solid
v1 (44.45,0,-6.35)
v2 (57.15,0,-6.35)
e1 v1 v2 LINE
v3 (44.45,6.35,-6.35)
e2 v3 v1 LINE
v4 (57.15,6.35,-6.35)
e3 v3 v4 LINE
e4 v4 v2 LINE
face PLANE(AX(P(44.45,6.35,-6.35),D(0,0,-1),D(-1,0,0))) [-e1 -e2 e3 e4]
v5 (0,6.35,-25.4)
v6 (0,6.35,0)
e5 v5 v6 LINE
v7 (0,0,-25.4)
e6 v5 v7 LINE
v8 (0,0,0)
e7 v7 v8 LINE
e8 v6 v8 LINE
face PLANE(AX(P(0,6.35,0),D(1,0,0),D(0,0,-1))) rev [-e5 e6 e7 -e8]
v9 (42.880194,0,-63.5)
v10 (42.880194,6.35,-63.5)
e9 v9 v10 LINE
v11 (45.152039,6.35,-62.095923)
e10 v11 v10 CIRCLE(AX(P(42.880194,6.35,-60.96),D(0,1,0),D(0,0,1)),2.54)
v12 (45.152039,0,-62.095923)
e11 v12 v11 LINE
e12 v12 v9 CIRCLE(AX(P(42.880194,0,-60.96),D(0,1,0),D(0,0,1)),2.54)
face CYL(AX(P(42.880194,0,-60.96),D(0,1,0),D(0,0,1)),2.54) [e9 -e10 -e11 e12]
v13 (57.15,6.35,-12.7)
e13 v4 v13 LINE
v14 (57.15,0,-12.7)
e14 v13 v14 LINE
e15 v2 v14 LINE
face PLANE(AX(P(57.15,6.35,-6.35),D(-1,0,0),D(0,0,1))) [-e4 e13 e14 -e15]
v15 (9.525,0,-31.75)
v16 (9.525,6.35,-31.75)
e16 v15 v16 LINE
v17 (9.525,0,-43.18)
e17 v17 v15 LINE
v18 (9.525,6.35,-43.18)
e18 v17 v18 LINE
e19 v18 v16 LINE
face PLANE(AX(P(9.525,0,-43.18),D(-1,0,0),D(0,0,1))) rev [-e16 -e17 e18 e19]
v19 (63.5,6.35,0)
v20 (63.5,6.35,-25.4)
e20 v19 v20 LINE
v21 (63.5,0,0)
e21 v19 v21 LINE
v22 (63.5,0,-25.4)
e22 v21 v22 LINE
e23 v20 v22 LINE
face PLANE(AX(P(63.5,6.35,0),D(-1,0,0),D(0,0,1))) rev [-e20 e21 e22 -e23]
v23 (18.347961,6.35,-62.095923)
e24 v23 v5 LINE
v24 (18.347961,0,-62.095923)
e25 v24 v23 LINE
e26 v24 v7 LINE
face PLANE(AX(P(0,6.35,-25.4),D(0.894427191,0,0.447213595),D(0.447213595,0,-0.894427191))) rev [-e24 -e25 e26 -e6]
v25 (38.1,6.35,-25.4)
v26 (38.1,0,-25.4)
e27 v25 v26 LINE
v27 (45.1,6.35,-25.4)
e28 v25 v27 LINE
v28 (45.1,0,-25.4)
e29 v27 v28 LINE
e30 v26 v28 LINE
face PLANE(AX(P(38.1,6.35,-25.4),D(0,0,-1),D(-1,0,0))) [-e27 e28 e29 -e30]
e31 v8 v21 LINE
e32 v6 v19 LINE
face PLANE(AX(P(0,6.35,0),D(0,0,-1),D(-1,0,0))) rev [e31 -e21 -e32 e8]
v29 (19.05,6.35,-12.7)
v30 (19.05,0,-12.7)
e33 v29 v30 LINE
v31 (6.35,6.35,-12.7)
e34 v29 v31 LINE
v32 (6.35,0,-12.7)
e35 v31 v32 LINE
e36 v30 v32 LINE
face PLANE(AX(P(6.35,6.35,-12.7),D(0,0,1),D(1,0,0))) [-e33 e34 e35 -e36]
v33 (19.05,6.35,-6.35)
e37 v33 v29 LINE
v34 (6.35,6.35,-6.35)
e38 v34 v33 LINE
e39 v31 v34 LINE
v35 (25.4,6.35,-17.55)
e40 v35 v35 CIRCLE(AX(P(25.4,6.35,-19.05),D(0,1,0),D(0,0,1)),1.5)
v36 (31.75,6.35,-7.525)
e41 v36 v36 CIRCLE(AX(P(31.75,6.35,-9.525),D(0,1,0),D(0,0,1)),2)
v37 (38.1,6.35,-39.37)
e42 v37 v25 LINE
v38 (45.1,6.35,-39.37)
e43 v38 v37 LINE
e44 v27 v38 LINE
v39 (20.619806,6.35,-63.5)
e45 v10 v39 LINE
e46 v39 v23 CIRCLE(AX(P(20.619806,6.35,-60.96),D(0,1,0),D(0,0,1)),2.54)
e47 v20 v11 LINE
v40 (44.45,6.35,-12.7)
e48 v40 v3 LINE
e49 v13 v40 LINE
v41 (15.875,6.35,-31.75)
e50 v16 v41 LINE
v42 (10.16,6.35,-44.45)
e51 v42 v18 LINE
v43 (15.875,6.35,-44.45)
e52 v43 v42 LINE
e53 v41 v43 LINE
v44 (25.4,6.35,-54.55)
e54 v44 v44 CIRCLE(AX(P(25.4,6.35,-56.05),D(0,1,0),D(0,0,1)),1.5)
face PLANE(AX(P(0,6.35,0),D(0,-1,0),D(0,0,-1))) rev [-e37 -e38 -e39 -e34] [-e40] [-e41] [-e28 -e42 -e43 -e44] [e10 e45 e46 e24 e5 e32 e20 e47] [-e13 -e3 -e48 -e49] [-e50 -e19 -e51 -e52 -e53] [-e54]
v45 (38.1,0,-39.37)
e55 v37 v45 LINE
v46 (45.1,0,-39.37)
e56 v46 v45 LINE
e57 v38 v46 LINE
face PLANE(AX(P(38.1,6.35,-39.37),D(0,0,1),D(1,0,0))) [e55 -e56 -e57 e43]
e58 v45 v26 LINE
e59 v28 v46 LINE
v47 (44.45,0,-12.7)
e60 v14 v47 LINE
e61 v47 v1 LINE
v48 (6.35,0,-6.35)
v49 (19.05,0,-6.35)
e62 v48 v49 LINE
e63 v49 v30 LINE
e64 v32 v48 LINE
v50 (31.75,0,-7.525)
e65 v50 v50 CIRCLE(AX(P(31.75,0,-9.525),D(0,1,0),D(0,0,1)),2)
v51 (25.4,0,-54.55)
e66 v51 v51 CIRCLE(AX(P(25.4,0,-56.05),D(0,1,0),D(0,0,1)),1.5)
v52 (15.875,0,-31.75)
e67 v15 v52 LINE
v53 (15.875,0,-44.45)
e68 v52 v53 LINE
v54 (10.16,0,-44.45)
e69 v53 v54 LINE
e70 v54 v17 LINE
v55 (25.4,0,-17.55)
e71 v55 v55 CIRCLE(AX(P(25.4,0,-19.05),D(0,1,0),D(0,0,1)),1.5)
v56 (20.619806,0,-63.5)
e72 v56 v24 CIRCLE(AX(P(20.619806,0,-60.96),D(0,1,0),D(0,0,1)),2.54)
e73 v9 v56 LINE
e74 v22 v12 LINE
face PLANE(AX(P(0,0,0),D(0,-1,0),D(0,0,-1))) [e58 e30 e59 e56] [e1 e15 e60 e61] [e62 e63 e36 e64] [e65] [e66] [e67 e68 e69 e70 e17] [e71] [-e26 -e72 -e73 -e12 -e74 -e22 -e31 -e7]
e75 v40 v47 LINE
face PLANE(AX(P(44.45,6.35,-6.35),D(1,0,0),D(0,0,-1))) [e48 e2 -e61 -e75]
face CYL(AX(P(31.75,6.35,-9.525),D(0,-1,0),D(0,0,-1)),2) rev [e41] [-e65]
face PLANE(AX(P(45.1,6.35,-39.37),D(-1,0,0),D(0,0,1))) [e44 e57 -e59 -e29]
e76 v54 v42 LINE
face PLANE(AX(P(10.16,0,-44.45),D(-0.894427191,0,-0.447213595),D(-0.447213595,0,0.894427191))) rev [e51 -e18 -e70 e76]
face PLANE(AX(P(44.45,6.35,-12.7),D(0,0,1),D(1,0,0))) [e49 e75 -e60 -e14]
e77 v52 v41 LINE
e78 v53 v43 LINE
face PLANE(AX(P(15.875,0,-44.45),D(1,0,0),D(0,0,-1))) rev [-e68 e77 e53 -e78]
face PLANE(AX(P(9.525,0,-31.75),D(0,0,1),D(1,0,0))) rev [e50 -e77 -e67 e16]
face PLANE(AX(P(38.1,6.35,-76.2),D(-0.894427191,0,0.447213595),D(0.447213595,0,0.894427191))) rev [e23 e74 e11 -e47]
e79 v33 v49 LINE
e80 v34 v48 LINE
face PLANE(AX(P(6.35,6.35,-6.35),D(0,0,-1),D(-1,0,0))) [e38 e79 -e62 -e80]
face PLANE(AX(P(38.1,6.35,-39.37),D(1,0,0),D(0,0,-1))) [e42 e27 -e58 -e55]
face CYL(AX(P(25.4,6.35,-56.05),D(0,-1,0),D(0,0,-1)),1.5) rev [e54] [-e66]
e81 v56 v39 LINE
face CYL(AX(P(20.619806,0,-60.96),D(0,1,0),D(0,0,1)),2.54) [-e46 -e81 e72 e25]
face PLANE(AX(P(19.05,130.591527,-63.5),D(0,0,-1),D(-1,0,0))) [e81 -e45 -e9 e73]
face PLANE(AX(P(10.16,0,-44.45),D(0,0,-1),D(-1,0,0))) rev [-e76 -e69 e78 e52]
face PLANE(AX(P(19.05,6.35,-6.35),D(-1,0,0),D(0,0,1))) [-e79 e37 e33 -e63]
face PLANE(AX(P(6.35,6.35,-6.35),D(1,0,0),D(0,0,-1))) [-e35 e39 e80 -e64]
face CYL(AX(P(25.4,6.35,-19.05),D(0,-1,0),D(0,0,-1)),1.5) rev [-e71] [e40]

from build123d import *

# Parameters (mm, degrees)
SKETCH2_R               = 2
SKETCH2_R_2             = 1.5
SKETCH2_W               = 12.7
SKETCH2_H               = 6.35
SKETCH2_W_2             = 7
SKETCH2_H_2             = 13.97
BOSS_EXTRUDE1_DEPTH     = 6.35
CUT_EXTRUDE7_DEPTH      = 6.35
CUT_EXTRUDE8_DEPTH      = 1
CUT_EXTRUDE8_DEPTH_BACK = 6.35
CUT_EXTRUDE_THIN1_DEPTH = 6.35


with BuildPart() as part:
    # Sketch2 → Boss-Extrude1 (new body)
    with BuildSketch(Plane(origin=(0, 0, 0), x_dir=(1, 0, 0), z_dir=(0, 1, 0))):
        Polygon((0, 25.4), (25.4, 76.2), (38.1, 76.2), (63.5, 25.4), (63.5, 0), (0, 0), align=None)
        with Locations((31.75, 9.525)):
            Circle(SKETCH2_R, mode=Mode.SUBTRACT)
        with Locations((25.4, 19.05)):
            Circle(SKETCH2_R_2, mode=Mode.SUBTRACT)
        with Locations((25.4, 56.05)):
            Circle(SKETCH2_R_2, mode=Mode.SUBTRACT)
        with Locations((12.7, 9.525)):
            Rectangle(SKETCH2_W, SKETCH2_H, mode=Mode.SUBTRACT)
        with Locations((50.8, 9.525)):
            Rectangle(SKETCH2_W, SKETCH2_H, mode=Mode.SUBTRACT)
        with Locations((41.6, 32.385)):
            Rectangle(SKETCH2_W_2, SKETCH2_H_2, mode=Mode.SUBTRACT)
    extrude(amount=BOSS_EXTRUDE1_DEPTH)

    # Sketch3 → Cut-Extrude7 (cut)
    with BuildSketch(Plane(origin=(0, 6.35, 0), x_dir=(1, 0, 0), z_dir=(0, 1, 0))):
        Polygon((10.16, 44.45), (15.875, 44.45), (15.875, 31.75), (9.525, 31.75), (9.525, 43.18), align=None)
    extrude(amount=-CUT_EXTRUDE7_DEPTH, mode=Mode.SUBTRACT)

    # Sketch4 → Cut-Extrude8 (cut, two sides)
    with BuildSketch(Plane(origin=(0, 6.35, 0), x_dir=(1, 0, 0), z_dir=(0, 1, 0))) as cut_extrude8_sk:
        Polygon((-145.97325632, 63.5), (19.05, 63.5), (44.45, 63.5), (209.47325632, 63.5), (209.47325632, 393.54651264), (-145.97325632, 393.54651264), align=None)
    extrude(amount=CUT_EXTRUDE8_DEPTH, mode=Mode.SUBTRACT)
    extrude(cut_extrude8_sk.sketch, amount=-CUT_EXTRUDE8_DEPTH_BACK, mode=Mode.SUBTRACT)

    # Sketch5 → Cut-Extrude-Thin1 (cut)
    with BuildSketch(Plane(origin=(0, 6.35, 0), x_dir=(1, 0, 0), z_dir=(0, 1, 0))):
        with BuildLine():
            ThreePointArc((45.152038734, 62.095922533), (44.215550693, 63.120653053), (42.880193669, 63.5))
            Line((42.880193669, 63.5), (42.880193669, 66.04))
            ThreePointArc((42.880193669, 66.04), (45.550907718, 65.281306106), (47.423883799, 63.231845065))
            Line((47.423883799, 63.231845065), (45.152038734, 62.095922533))
        make_face()
        with BuildLine():
            ThreePointArc((20.619806331, 63.5), (19.284449307, 63.120653053), (18.347961266, 62.095922533))
            Line((18.347961266, 62.095922533), (16.076116201, 63.231845065))
            ThreePointArc((16.076116201, 63.231845065), (17.949092282, 65.281306106), (20.619806331, 66.04))
            Line((20.619806331, 66.04), (20.619806331, 63.5))
        make_face()
    extrude(amount=-CUT_EXTRUDE_THIN1_DEPTH, mode=Mode.SUBTRACT)


solid = part.part
